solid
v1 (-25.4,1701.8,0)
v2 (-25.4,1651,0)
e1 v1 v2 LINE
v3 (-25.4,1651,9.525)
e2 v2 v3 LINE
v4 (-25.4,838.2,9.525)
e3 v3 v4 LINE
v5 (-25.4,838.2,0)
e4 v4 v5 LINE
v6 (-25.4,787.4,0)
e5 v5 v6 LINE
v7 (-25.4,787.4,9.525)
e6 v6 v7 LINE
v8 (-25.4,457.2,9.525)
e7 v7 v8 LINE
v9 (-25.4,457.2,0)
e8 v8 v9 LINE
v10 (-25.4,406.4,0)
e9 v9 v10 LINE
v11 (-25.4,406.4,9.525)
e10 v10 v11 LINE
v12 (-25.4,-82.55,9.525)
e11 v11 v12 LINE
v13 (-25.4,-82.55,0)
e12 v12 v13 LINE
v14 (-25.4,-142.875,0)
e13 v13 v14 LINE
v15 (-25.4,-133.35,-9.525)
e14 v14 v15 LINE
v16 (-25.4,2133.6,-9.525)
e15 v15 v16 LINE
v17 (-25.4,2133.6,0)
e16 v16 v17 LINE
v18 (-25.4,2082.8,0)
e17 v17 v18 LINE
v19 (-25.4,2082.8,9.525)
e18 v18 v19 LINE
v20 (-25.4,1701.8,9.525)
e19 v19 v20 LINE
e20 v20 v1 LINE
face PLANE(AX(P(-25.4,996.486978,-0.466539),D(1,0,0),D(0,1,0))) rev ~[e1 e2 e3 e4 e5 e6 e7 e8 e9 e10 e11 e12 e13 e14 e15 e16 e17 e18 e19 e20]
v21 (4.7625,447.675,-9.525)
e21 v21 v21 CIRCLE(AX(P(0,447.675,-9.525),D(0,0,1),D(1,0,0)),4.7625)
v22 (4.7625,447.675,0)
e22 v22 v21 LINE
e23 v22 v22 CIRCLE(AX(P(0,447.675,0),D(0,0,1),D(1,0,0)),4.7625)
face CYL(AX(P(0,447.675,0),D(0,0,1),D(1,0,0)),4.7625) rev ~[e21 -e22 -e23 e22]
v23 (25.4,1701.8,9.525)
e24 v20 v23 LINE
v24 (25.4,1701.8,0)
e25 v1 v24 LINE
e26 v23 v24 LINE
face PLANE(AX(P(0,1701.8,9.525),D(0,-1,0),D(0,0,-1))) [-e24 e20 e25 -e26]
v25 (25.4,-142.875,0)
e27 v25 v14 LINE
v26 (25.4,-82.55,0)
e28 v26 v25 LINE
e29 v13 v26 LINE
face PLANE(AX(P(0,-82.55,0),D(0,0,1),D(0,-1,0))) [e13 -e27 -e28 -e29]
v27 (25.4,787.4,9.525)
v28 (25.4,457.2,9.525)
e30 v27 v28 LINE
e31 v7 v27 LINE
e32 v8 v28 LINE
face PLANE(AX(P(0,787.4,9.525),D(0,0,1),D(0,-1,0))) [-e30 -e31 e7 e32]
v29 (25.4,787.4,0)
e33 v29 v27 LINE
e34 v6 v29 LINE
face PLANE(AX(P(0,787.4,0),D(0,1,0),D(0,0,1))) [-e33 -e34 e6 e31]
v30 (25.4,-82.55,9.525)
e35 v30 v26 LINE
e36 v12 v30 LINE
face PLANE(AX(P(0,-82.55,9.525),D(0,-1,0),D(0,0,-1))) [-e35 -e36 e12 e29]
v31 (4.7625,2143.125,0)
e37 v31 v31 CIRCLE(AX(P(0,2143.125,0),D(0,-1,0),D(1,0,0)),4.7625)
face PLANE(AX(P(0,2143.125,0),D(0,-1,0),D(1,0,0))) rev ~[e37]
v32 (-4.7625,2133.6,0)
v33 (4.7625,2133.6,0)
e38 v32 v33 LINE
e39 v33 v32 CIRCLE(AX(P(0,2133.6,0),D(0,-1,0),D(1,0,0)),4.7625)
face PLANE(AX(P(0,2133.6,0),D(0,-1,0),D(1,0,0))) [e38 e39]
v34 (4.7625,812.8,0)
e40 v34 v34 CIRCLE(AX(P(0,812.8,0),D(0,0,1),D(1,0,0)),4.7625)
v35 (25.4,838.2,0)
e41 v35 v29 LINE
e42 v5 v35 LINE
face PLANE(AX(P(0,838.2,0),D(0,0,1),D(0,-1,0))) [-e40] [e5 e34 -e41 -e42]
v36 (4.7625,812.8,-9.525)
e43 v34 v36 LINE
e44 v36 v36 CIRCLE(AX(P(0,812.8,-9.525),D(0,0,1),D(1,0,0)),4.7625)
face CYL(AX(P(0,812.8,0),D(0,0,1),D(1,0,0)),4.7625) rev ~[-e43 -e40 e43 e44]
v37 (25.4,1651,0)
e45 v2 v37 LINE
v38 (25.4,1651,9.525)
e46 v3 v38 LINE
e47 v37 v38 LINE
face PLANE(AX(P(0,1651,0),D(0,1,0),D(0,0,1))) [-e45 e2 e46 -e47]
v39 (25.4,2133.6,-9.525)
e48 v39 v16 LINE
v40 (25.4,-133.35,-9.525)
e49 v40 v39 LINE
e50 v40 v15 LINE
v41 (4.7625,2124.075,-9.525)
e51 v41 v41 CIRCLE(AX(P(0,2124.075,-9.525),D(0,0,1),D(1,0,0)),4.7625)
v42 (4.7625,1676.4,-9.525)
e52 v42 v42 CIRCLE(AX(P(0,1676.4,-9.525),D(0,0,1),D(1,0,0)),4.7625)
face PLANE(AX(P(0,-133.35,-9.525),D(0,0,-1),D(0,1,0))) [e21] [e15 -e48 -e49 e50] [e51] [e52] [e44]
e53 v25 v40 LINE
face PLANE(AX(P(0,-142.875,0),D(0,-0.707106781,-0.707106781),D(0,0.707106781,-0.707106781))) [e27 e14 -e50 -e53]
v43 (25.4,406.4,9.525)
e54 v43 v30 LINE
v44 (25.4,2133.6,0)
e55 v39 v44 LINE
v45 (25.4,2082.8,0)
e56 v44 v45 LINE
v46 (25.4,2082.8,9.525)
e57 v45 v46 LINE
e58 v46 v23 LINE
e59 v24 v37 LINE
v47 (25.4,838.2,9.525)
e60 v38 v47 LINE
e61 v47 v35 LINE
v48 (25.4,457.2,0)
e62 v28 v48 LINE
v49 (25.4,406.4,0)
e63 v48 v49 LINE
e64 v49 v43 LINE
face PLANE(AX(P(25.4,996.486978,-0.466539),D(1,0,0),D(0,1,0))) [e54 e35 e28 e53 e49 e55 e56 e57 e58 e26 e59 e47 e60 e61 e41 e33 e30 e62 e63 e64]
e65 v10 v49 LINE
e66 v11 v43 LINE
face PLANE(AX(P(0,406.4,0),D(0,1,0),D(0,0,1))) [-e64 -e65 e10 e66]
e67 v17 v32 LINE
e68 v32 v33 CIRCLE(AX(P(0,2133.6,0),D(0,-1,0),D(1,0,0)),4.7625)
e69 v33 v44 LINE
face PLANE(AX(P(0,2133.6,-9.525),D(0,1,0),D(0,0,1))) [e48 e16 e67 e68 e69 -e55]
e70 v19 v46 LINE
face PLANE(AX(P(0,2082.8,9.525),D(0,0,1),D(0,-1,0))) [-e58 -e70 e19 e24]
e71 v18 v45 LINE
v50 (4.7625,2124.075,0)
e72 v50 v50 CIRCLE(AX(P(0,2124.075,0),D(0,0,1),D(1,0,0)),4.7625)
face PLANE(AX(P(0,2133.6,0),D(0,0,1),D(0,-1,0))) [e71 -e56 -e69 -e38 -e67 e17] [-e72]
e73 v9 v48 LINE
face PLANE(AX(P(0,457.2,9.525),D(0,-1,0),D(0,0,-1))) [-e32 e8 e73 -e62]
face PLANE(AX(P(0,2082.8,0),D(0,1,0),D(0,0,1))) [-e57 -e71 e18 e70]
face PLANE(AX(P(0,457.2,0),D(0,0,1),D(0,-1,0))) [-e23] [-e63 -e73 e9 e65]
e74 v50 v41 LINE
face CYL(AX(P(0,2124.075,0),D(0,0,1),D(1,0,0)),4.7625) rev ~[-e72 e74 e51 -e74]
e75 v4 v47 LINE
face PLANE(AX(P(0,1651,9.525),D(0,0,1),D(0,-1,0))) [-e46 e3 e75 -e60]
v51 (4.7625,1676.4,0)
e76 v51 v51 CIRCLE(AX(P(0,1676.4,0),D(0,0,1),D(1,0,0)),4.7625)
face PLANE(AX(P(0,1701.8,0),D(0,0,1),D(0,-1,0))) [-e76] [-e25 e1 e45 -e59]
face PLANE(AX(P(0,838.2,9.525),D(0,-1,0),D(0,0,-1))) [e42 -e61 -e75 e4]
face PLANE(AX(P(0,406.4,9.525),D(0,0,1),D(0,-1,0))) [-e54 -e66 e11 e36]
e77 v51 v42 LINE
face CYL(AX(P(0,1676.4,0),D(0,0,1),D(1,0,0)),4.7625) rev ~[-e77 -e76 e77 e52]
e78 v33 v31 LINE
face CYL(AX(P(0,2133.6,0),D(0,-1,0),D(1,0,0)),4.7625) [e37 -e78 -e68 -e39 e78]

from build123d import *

# Parameters (mm, degrees)
F1_DEPTH = 25.4
F3_R     = 4.7625
F4_DEPTH = 9.525
F5_R     = 4.7625
F6_DEPTH = 25.4


with BuildPart() as f1:
    # F0 (on Right) → F1 (new body, symmetric)
    with BuildSketch(Plane.YZ):
        Polygon((-33.290768, -9.525), (2133.6, -9.525), (2133.6, 0), (2082.8, 0), (2082.8, 9.525), (1701.8, 9.525), (1701.8, 0), (1651, 0), (1651, 9.525), (838.2, 9.525), (838.2, 0), (787.4, 0), (787.4, 9.525), (457.2, 9.525), (457.2, 0), (406.4, 0), (406.4, 9.525), (0, 9.525), (-82.55, 9.525), (-82.55, 0), (-142.875, 0), (-133.35, -9.525), align=None)
    extrude(amount=F1_DEPTH, both=True)

    # F3 (on offset) → F4 (join)
    with BuildSketch(Plane.XZ.offset(-2133.6)):
        Circle(F3_R)
    extrude(amount=-F4_DEPTH)

    # F5 (on Top) → F6 (cut)
    with BuildSketch(Plane.XY):
        with Locations((0, 447.675)):
            Circle(F5_R)
        with Locations((0, 812.8)):
            Circle(F5_R)
        with Locations((0, 1676.4)):
            Circle(F5_R)
        with Locations((0, 2124.075)):
            Circle(F5_R)
    extrude(amount=-F6_DEPTH, mode=Mode.SUBTRACT)


solid = f1.part
